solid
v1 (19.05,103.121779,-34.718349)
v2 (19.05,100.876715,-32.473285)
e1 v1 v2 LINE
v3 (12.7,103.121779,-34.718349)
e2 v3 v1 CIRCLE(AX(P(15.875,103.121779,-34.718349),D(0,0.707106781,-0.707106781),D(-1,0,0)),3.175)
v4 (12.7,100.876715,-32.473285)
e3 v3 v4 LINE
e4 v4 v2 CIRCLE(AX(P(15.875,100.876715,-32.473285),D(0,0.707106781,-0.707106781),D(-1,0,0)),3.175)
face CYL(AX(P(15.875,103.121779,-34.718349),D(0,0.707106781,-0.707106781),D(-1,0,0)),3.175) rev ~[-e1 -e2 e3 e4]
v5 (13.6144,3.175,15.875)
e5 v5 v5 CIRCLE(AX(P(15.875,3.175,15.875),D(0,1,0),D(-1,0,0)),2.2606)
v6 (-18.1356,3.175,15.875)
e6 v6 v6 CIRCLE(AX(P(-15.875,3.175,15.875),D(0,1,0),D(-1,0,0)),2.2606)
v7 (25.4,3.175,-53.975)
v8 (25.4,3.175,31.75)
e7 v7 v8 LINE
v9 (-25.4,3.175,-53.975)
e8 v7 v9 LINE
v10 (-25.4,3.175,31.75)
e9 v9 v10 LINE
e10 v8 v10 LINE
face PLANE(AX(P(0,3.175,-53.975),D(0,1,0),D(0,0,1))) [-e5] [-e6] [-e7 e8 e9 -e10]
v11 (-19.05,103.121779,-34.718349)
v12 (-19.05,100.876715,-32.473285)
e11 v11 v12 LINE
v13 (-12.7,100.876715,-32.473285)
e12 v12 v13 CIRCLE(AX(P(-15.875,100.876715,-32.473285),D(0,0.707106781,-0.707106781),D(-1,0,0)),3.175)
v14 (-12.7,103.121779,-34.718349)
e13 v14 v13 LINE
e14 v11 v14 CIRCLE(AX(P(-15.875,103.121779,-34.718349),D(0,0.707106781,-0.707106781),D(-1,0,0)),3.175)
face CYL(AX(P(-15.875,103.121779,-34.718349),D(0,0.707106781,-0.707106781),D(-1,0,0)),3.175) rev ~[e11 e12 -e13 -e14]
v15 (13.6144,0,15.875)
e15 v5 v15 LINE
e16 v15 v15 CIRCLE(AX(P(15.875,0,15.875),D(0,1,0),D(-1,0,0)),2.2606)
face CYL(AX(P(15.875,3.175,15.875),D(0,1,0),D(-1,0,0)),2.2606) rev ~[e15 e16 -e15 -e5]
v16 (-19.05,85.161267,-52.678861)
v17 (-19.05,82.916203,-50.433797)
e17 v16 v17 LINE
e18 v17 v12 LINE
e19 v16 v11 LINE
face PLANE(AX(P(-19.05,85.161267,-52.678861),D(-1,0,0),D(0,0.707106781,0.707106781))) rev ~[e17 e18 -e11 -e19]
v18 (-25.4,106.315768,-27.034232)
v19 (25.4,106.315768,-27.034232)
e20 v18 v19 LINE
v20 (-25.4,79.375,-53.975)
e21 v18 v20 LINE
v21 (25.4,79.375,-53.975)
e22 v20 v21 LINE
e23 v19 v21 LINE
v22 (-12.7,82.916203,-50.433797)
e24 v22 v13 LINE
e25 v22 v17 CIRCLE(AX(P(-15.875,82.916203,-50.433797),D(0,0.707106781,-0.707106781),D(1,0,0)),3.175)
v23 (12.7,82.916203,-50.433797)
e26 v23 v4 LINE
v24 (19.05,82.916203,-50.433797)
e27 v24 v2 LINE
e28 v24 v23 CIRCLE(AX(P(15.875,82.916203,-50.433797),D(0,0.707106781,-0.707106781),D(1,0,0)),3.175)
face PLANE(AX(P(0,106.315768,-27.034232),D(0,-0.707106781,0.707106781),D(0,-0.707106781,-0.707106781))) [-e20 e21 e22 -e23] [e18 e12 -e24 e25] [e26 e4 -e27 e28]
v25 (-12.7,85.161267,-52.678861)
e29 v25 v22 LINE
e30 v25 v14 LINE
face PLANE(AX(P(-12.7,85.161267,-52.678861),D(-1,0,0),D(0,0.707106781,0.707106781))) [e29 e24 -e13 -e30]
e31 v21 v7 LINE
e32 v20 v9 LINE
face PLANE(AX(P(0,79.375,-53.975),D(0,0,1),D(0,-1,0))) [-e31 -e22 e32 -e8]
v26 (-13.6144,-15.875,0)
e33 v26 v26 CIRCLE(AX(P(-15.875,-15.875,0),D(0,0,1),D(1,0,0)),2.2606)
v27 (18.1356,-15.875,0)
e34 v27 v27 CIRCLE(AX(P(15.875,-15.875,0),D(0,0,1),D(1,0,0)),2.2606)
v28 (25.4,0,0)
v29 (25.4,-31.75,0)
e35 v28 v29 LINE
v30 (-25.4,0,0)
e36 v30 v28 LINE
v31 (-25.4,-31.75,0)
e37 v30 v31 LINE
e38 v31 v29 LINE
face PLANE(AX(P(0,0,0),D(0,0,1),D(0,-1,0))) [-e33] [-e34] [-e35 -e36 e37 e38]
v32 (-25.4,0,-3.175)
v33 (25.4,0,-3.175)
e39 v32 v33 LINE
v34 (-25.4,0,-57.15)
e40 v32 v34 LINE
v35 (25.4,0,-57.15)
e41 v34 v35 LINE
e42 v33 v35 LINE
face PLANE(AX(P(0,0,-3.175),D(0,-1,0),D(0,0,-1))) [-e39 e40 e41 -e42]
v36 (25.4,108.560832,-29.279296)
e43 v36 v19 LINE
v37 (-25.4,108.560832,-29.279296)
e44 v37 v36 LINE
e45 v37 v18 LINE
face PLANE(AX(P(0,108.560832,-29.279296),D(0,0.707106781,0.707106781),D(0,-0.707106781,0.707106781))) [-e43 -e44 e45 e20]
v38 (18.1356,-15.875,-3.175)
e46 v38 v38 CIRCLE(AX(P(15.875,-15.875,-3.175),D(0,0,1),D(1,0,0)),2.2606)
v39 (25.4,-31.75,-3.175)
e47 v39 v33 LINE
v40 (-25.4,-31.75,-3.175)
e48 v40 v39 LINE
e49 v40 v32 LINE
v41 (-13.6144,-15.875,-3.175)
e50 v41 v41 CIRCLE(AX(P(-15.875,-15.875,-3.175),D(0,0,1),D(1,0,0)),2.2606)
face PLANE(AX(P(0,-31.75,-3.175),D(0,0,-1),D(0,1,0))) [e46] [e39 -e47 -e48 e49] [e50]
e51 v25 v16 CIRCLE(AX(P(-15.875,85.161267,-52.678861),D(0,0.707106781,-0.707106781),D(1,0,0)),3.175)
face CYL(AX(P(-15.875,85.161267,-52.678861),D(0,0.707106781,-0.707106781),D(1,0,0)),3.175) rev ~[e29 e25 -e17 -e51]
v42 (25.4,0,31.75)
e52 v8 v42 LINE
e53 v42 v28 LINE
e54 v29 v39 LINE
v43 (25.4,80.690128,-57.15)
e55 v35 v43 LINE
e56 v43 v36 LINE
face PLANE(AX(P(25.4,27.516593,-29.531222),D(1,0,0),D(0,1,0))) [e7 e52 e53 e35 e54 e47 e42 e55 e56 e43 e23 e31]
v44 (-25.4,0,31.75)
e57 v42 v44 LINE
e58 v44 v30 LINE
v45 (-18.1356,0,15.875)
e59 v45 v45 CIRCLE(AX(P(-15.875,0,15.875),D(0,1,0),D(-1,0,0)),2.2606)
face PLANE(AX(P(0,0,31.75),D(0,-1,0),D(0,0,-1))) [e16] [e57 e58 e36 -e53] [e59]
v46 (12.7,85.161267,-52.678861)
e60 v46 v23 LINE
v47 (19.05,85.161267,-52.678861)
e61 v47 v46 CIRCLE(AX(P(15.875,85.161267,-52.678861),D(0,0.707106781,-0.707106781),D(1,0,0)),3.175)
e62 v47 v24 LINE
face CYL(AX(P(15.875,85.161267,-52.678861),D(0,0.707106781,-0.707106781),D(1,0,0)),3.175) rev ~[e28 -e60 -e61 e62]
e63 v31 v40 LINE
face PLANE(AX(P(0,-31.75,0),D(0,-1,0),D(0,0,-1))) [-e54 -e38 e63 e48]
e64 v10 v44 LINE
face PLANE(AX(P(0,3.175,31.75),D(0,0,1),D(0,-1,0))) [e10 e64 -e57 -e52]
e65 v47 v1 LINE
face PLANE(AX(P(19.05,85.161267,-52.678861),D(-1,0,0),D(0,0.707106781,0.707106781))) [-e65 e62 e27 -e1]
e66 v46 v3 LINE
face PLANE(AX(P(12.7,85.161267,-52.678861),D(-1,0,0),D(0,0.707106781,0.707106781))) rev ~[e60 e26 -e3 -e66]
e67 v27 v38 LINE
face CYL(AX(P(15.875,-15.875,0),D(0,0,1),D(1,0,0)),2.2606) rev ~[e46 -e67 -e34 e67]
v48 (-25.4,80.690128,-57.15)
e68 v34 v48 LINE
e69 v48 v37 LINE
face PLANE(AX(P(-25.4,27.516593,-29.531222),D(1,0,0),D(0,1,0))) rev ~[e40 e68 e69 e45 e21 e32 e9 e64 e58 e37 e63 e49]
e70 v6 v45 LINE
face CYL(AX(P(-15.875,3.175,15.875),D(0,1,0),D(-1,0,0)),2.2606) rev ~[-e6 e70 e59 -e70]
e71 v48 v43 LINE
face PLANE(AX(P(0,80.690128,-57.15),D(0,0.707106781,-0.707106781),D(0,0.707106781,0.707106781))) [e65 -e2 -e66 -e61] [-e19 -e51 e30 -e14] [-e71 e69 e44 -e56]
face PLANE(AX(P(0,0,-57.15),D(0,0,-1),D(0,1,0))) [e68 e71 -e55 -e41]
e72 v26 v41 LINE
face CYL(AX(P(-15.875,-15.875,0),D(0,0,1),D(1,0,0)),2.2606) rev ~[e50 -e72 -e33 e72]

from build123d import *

# Parameters (mm, degrees)
F1_DEPTH = 25.4
F2_R     = 2.2606
F3_DEPTH = 3.175
F4_R     = 2.2606
F5_DEPTH = 3.175
F6_W     = 6.35
F6_H     = 25.4
F7_DEPTH = 3.175


with BuildPart() as f1:
    # F0 (on Right) → F1 (new body, symmetric)
    with BuildSketch(Plane.YZ):
        Polygon((0, 31.75), (0, 0), (-31.75, 0), (-31.75, -3.175), (0, -3.175), (0, -57.15), (80.690128, -57.15), (108.560832, -29.279296), (106.315768, -27.034232), (79.375, -53.975), (3.175, -53.975), (3.175, 31.75), align=None)
    extrude(amount=F1_DEPTH, both=True)

    # F2 (on face) → F3 (cut, through all)
    with BuildSketch(Plane(origin=(0, 3.175, 0), x_dir=(-1, 0, 0), z_dir=(0, 1, 0))):
        with Locations((15.875, 15.875)):
            Circle(F2_R)
        with Locations((-15.875, 15.875)):
            Circle(F2_R)
    extrude(amount=-F3_DEPTH, mode=Mode.SUBTRACT)

    # F4 (on face) → F5 (cut, through all)
    with BuildSketch(Plane.XY):
        with Locations((15.875, -15.875)):
            Circle(F4_R)
        with Locations((-15.875, -15.875)):
            Circle(F4_R)
    extrude(amount=-F5_DEPTH, mode=Mode.SUBTRACT)

    # F6 (on face) → F7 (cut, through all)
    with BuildSketch(Plane(origin=(0, 68.920064, -68.920064), x_dir=(-1, 0, 0), z_dir=(0, 0.707107, -0.707107))):
        with BuildLine():
            ThreePointArc((-12.7, 48.368529), (-15.875, 51.543529), (-19.05, 48.368529))
            Line((-19.05, 48.368529), (-12.7, 48.368529))
        make_face()
        with Locations((-15.875, 35.668529)):
            Rectangle(F6_W, F6_H)
        with BuildLine():
            Line((-12.7, 22.968529), (-19.05, 22.968529))
            ThreePointArc((-19.05, 22.968529), (-15.875, 19.793529), (-12.7, 22.968529))
        make_face()
        with BuildLine():
            ThreePointArc((19.05, 48.368529), (15.875, 51.543529), (12.7, 48.368529))
            Line((12.7, 48.368529), (19.05, 48.368529))
        make_face()
        with Locations((15.875, 35.668529)):
            Rectangle(F6_W, F6_H)
        with BuildLine():
            Line((19.05, 22.968529), (12.7, 22.968529))
            ThreePointArc((12.7, 22.968529), (15.875, 19.793529), (19.05, 22.968529))
        make_face()
    extrude(amount=-F7_DEPTH, mode=Mode.SUBTRACT)


solid = f1.part
